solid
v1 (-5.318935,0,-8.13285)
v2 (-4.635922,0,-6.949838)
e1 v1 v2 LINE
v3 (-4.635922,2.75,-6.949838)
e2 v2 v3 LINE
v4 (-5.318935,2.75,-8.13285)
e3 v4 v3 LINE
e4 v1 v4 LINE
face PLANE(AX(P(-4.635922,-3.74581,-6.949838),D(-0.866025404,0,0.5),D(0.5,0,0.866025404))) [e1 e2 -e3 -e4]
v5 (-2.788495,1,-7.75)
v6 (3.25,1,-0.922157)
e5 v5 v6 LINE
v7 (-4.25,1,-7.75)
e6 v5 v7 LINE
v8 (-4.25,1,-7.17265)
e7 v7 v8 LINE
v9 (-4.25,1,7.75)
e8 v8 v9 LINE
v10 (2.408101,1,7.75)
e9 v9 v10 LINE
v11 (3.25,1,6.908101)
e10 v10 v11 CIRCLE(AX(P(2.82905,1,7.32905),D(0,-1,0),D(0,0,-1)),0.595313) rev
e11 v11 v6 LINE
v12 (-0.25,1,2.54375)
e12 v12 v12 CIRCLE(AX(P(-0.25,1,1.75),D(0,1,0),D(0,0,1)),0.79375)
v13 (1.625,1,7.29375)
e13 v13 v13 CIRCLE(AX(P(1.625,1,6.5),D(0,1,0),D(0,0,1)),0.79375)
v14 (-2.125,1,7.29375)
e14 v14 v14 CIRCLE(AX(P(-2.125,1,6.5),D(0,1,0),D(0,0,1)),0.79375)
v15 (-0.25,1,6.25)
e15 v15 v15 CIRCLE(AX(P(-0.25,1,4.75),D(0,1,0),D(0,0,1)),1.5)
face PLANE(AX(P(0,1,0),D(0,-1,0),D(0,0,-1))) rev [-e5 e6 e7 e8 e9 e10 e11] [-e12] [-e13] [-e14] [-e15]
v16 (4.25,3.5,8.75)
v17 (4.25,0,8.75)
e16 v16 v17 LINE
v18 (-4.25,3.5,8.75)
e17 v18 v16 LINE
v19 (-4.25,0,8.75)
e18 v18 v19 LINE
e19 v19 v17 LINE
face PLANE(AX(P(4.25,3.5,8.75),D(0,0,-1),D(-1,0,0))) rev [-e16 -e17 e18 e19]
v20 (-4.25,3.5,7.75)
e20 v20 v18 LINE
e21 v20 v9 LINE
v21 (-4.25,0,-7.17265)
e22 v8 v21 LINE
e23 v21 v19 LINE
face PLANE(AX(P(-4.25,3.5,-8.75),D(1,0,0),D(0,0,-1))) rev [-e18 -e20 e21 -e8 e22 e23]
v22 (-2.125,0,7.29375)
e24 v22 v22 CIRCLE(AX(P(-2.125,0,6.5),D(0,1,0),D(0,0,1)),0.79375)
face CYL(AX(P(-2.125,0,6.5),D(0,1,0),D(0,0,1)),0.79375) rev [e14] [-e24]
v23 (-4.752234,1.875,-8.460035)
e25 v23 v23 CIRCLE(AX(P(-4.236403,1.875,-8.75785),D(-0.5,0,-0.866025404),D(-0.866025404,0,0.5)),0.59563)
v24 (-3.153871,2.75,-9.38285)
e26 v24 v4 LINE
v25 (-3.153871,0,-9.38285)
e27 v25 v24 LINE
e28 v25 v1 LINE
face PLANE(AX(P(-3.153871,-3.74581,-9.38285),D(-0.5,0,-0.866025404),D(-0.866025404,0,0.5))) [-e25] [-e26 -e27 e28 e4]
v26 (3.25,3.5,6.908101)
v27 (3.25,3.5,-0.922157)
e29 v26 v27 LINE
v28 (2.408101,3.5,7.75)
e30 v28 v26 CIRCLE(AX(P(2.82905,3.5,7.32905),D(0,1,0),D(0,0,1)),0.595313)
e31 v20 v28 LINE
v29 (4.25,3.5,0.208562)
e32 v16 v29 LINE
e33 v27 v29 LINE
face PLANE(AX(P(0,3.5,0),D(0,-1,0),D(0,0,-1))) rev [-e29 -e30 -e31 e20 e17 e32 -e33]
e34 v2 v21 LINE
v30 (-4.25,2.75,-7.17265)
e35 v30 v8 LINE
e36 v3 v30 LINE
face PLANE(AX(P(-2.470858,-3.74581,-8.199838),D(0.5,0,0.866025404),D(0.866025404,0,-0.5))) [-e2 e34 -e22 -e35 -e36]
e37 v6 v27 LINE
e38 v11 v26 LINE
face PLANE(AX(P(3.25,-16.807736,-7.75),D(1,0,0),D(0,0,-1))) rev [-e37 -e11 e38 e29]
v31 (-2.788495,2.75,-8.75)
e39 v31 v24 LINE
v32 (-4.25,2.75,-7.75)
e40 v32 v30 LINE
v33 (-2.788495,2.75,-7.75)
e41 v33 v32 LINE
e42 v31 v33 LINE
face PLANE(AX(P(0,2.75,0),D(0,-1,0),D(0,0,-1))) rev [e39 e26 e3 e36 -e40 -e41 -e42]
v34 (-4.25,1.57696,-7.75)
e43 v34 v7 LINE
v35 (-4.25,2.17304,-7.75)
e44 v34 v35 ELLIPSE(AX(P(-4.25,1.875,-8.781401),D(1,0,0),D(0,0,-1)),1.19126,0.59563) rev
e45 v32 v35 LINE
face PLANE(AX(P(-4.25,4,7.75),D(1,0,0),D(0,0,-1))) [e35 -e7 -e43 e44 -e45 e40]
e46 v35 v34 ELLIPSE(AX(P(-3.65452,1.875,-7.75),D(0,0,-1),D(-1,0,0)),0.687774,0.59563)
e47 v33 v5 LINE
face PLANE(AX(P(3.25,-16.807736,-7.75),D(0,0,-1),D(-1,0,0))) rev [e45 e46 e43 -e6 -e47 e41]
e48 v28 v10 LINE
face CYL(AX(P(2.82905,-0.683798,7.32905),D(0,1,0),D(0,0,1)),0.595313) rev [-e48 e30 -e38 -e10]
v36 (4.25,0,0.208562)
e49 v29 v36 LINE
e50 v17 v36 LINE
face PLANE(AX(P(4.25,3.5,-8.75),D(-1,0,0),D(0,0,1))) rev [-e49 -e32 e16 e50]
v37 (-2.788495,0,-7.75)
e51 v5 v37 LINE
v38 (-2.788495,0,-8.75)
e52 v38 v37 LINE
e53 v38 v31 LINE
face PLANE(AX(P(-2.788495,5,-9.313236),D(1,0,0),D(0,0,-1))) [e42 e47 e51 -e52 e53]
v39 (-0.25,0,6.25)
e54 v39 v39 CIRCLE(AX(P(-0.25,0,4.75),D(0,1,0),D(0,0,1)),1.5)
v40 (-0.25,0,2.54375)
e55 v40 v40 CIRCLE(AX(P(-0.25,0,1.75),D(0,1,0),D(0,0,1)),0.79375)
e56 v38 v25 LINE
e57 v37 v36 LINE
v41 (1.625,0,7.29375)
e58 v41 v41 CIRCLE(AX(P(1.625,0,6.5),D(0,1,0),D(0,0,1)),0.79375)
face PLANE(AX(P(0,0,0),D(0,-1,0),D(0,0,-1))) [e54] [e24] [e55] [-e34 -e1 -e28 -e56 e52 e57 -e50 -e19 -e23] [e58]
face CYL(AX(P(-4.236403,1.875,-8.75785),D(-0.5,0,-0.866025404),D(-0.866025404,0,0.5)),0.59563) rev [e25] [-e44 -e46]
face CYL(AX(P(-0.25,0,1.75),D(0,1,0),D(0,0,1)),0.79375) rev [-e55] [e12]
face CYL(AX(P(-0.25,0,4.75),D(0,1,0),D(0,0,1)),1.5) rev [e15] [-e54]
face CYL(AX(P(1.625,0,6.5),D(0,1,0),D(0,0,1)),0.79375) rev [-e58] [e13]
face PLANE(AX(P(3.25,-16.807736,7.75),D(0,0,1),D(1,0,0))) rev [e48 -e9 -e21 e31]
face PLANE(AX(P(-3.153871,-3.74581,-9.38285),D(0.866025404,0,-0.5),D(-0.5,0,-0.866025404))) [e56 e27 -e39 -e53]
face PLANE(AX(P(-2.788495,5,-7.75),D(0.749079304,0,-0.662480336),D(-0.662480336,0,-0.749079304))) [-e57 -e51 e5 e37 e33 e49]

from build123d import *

# Parameters (mm, degrees)
SKETCH1_W                     = 8.5
SKETCH1_H                     = 17.5
BOSS_EXTRUDE1_DEPTH           = 3.5
SKETCH2_W                     = 6.5
SKETCH2_H                     = 15.5
CUT_EXTRUDE1_DEPTH            = 2.5
SKETCH3_R                     = 1.5
GRIN_HOLE_DEPTH               = 2
SKETCH6_R                     = 0.5953125
CORNER_DIVOT_DEPTH            = 2.5
SKETCH7_R                     = 0.79375
MAGNET_HOLES_DEPTH            = 2
BOSS_EXTRUDE2_DEPTH           = 3.5
SKETCH14_W                    = 5.965258944
SKETCH14_H                    = 5.132960456
SET_SCREW_EXTENSION_DEPTH     = 0.75
TAP_DRILL_FOR_0_80_TAP1_D     = 1.19126
TAP_DRILL_FOR_0_80_TAP1_DEPTH = 7.11
TAP_DRILL_FOR_0_80_TAP1_TIP   = 0.357890611
DIAGONAL_CUT_DEPTH            = 5
SKETCH16_W                    = 1
SKETCH16_H                    = 15.5
VERTICAL_CUT_DEPTH            = 3


with BuildPart() as part:
    # Sketch1 → Boss-Extrude1 (new body)
    with BuildSketch(Plane(origin=(0, 0, 0), x_dir=(1, 0, 0), z_dir=(0, 1, 0))):
        Rectangle(SKETCH1_W, SKETCH1_H)
    extrude(amount=BOSS_EXTRUDE1_DEPTH)

    # Sketch2 → Cut-Extrude1 (cut)
    with BuildSketch(Plane(origin=(0, 3.5, 0), x_dir=(1, 0, 0), z_dir=(0, 1, 0))):
        Rectangle(SKETCH2_W, SKETCH2_H)
    extrude(amount=-CUT_EXTRUDE1_DEPTH, mode=Mode.SUBTRACT)

    # Sketch3 → GRIN Hole (cut, through all)
    with BuildSketch(Plane(origin=(0, 1, 0), x_dir=(1, 0, 0), z_dir=(0, 1, 0))):
        with Locations((-0.25, -4.75)):
            Circle(SKETCH3_R)
    extrude(amount=-GRIN_HOLE_DEPTH, mode=Mode.SUBTRACT)

    # Sketch6 → Corner divot (cut)
    with BuildSketch(Plane(origin=(0, 3.5, 0), x_dir=(1, 0, 0), z_dir=(0, 1, 0))):
        with Locations((2.829050494, -7.329050494)):
            Circle(SKETCH6_R)
    extrude(amount=-CORNER_DIVOT_DEPTH, mode=Mode.SUBTRACT)

    # Sketch7 → Magnet Holes (cut, through all)
    with BuildSketch(Plane(origin=(0, 1, 0), x_dir=(1, 0, 0), z_dir=(0, 1, 0))):
        with Locations((-0.25, -1.75)):
            Circle(SKETCH7_R)
        with Locations((-2.125, -6.5)):
            Circle(SKETCH7_R)
        with Locations((1.625, -6.5)):
            Circle(SKETCH7_R)
    extrude(amount=-MAGNET_HOLES_DEPTH, mode=Mode.SUBTRACT)

    # Sketch9 → Boss-Extrude2 (add)
    with BuildSketch(Plane(origin=(0, 3.5, 0), x_dir=(1, 0, 0), z_dir=(0, 1, 0))):
        Polygon((-3.153871189, 9.382850264), (-5.318934698, 8.132850264), (-4.635921996, 6.949837562), (-4.021927306, 7.304327562), (-3.084853178, 7.845347562), (-2.470858487, 8.199837562), align=None)
    extrude(amount=-BOSS_EXTRUDE2_DEPTH)

    # Sketch14 → Set Screw Extension (cut)
    with BuildSketch(Plane(origin=(0, 3.5, 0), x_dir=(1, 0, 0), z_dir=(0, 1, 0))):
        with Locations((-3.25, 7.75)):
            Rectangle(SKETCH14_W, SKETCH14_H)
    extrude(amount=-SET_SCREW_EXTENSION_DEPTH, mode=Mode.SUBTRACT)

    # Tap Drill for #0-80 Tap1
    with Locations(Plane(origin=(-4.851361142, 0, -8.402803983), x_dir=(-0.866025404, 0, 0.5), z_dir=(-0.5, 0, -0.866025404))):
        with Locations((-0.710092562, 1.875)):
            Hole(TAP_DRILL_FOR_0_80_TAP1_D / 2, depth=TAP_DRILL_FOR_0_80_TAP1_DEPTH)
            with Locations((0, 0, -(TAP_DRILL_FOR_0_80_TAP1_DEPTH + TAP_DRILL_FOR_0_80_TAP1_TIP / 2))):  # 118° drill point
                Cone(0, TAP_DRILL_FOR_0_80_TAP1_D / 2, TAP_DRILL_FOR_0_80_TAP1_TIP, mode=Mode.SUBTRACT)

    # Sketch15 → Diagonal Cut (cut)
    with BuildSketch(Plane(origin=(0, 0, 0), x_dir=(1, 0, 0), z_dir=(0, 1, 0))):
        Polygon((-2.788494918, 9.313235547), (-2.788494918, 7.75), (4.25, -0.208562074), (4.25, 9.313235547), align=None)
    extrude(amount=DIAGONAL_CUT_DEPTH, mode=Mode.SUBTRACT)

    # Sketch16 → Vertical Cut (cut)
    with BuildSketch(Plane(origin=(0, 1, 0), x_dir=(1, 0, 0), z_dir=(0, 1, 0))):
        with Locations((-3.75, 0)):
            Rectangle(SKETCH16_W, SKETCH16_H)
    extrude(amount=VERTICAL_CUT_DEPTH, mode=Mode.SUBTRACT)


solid = part.part
